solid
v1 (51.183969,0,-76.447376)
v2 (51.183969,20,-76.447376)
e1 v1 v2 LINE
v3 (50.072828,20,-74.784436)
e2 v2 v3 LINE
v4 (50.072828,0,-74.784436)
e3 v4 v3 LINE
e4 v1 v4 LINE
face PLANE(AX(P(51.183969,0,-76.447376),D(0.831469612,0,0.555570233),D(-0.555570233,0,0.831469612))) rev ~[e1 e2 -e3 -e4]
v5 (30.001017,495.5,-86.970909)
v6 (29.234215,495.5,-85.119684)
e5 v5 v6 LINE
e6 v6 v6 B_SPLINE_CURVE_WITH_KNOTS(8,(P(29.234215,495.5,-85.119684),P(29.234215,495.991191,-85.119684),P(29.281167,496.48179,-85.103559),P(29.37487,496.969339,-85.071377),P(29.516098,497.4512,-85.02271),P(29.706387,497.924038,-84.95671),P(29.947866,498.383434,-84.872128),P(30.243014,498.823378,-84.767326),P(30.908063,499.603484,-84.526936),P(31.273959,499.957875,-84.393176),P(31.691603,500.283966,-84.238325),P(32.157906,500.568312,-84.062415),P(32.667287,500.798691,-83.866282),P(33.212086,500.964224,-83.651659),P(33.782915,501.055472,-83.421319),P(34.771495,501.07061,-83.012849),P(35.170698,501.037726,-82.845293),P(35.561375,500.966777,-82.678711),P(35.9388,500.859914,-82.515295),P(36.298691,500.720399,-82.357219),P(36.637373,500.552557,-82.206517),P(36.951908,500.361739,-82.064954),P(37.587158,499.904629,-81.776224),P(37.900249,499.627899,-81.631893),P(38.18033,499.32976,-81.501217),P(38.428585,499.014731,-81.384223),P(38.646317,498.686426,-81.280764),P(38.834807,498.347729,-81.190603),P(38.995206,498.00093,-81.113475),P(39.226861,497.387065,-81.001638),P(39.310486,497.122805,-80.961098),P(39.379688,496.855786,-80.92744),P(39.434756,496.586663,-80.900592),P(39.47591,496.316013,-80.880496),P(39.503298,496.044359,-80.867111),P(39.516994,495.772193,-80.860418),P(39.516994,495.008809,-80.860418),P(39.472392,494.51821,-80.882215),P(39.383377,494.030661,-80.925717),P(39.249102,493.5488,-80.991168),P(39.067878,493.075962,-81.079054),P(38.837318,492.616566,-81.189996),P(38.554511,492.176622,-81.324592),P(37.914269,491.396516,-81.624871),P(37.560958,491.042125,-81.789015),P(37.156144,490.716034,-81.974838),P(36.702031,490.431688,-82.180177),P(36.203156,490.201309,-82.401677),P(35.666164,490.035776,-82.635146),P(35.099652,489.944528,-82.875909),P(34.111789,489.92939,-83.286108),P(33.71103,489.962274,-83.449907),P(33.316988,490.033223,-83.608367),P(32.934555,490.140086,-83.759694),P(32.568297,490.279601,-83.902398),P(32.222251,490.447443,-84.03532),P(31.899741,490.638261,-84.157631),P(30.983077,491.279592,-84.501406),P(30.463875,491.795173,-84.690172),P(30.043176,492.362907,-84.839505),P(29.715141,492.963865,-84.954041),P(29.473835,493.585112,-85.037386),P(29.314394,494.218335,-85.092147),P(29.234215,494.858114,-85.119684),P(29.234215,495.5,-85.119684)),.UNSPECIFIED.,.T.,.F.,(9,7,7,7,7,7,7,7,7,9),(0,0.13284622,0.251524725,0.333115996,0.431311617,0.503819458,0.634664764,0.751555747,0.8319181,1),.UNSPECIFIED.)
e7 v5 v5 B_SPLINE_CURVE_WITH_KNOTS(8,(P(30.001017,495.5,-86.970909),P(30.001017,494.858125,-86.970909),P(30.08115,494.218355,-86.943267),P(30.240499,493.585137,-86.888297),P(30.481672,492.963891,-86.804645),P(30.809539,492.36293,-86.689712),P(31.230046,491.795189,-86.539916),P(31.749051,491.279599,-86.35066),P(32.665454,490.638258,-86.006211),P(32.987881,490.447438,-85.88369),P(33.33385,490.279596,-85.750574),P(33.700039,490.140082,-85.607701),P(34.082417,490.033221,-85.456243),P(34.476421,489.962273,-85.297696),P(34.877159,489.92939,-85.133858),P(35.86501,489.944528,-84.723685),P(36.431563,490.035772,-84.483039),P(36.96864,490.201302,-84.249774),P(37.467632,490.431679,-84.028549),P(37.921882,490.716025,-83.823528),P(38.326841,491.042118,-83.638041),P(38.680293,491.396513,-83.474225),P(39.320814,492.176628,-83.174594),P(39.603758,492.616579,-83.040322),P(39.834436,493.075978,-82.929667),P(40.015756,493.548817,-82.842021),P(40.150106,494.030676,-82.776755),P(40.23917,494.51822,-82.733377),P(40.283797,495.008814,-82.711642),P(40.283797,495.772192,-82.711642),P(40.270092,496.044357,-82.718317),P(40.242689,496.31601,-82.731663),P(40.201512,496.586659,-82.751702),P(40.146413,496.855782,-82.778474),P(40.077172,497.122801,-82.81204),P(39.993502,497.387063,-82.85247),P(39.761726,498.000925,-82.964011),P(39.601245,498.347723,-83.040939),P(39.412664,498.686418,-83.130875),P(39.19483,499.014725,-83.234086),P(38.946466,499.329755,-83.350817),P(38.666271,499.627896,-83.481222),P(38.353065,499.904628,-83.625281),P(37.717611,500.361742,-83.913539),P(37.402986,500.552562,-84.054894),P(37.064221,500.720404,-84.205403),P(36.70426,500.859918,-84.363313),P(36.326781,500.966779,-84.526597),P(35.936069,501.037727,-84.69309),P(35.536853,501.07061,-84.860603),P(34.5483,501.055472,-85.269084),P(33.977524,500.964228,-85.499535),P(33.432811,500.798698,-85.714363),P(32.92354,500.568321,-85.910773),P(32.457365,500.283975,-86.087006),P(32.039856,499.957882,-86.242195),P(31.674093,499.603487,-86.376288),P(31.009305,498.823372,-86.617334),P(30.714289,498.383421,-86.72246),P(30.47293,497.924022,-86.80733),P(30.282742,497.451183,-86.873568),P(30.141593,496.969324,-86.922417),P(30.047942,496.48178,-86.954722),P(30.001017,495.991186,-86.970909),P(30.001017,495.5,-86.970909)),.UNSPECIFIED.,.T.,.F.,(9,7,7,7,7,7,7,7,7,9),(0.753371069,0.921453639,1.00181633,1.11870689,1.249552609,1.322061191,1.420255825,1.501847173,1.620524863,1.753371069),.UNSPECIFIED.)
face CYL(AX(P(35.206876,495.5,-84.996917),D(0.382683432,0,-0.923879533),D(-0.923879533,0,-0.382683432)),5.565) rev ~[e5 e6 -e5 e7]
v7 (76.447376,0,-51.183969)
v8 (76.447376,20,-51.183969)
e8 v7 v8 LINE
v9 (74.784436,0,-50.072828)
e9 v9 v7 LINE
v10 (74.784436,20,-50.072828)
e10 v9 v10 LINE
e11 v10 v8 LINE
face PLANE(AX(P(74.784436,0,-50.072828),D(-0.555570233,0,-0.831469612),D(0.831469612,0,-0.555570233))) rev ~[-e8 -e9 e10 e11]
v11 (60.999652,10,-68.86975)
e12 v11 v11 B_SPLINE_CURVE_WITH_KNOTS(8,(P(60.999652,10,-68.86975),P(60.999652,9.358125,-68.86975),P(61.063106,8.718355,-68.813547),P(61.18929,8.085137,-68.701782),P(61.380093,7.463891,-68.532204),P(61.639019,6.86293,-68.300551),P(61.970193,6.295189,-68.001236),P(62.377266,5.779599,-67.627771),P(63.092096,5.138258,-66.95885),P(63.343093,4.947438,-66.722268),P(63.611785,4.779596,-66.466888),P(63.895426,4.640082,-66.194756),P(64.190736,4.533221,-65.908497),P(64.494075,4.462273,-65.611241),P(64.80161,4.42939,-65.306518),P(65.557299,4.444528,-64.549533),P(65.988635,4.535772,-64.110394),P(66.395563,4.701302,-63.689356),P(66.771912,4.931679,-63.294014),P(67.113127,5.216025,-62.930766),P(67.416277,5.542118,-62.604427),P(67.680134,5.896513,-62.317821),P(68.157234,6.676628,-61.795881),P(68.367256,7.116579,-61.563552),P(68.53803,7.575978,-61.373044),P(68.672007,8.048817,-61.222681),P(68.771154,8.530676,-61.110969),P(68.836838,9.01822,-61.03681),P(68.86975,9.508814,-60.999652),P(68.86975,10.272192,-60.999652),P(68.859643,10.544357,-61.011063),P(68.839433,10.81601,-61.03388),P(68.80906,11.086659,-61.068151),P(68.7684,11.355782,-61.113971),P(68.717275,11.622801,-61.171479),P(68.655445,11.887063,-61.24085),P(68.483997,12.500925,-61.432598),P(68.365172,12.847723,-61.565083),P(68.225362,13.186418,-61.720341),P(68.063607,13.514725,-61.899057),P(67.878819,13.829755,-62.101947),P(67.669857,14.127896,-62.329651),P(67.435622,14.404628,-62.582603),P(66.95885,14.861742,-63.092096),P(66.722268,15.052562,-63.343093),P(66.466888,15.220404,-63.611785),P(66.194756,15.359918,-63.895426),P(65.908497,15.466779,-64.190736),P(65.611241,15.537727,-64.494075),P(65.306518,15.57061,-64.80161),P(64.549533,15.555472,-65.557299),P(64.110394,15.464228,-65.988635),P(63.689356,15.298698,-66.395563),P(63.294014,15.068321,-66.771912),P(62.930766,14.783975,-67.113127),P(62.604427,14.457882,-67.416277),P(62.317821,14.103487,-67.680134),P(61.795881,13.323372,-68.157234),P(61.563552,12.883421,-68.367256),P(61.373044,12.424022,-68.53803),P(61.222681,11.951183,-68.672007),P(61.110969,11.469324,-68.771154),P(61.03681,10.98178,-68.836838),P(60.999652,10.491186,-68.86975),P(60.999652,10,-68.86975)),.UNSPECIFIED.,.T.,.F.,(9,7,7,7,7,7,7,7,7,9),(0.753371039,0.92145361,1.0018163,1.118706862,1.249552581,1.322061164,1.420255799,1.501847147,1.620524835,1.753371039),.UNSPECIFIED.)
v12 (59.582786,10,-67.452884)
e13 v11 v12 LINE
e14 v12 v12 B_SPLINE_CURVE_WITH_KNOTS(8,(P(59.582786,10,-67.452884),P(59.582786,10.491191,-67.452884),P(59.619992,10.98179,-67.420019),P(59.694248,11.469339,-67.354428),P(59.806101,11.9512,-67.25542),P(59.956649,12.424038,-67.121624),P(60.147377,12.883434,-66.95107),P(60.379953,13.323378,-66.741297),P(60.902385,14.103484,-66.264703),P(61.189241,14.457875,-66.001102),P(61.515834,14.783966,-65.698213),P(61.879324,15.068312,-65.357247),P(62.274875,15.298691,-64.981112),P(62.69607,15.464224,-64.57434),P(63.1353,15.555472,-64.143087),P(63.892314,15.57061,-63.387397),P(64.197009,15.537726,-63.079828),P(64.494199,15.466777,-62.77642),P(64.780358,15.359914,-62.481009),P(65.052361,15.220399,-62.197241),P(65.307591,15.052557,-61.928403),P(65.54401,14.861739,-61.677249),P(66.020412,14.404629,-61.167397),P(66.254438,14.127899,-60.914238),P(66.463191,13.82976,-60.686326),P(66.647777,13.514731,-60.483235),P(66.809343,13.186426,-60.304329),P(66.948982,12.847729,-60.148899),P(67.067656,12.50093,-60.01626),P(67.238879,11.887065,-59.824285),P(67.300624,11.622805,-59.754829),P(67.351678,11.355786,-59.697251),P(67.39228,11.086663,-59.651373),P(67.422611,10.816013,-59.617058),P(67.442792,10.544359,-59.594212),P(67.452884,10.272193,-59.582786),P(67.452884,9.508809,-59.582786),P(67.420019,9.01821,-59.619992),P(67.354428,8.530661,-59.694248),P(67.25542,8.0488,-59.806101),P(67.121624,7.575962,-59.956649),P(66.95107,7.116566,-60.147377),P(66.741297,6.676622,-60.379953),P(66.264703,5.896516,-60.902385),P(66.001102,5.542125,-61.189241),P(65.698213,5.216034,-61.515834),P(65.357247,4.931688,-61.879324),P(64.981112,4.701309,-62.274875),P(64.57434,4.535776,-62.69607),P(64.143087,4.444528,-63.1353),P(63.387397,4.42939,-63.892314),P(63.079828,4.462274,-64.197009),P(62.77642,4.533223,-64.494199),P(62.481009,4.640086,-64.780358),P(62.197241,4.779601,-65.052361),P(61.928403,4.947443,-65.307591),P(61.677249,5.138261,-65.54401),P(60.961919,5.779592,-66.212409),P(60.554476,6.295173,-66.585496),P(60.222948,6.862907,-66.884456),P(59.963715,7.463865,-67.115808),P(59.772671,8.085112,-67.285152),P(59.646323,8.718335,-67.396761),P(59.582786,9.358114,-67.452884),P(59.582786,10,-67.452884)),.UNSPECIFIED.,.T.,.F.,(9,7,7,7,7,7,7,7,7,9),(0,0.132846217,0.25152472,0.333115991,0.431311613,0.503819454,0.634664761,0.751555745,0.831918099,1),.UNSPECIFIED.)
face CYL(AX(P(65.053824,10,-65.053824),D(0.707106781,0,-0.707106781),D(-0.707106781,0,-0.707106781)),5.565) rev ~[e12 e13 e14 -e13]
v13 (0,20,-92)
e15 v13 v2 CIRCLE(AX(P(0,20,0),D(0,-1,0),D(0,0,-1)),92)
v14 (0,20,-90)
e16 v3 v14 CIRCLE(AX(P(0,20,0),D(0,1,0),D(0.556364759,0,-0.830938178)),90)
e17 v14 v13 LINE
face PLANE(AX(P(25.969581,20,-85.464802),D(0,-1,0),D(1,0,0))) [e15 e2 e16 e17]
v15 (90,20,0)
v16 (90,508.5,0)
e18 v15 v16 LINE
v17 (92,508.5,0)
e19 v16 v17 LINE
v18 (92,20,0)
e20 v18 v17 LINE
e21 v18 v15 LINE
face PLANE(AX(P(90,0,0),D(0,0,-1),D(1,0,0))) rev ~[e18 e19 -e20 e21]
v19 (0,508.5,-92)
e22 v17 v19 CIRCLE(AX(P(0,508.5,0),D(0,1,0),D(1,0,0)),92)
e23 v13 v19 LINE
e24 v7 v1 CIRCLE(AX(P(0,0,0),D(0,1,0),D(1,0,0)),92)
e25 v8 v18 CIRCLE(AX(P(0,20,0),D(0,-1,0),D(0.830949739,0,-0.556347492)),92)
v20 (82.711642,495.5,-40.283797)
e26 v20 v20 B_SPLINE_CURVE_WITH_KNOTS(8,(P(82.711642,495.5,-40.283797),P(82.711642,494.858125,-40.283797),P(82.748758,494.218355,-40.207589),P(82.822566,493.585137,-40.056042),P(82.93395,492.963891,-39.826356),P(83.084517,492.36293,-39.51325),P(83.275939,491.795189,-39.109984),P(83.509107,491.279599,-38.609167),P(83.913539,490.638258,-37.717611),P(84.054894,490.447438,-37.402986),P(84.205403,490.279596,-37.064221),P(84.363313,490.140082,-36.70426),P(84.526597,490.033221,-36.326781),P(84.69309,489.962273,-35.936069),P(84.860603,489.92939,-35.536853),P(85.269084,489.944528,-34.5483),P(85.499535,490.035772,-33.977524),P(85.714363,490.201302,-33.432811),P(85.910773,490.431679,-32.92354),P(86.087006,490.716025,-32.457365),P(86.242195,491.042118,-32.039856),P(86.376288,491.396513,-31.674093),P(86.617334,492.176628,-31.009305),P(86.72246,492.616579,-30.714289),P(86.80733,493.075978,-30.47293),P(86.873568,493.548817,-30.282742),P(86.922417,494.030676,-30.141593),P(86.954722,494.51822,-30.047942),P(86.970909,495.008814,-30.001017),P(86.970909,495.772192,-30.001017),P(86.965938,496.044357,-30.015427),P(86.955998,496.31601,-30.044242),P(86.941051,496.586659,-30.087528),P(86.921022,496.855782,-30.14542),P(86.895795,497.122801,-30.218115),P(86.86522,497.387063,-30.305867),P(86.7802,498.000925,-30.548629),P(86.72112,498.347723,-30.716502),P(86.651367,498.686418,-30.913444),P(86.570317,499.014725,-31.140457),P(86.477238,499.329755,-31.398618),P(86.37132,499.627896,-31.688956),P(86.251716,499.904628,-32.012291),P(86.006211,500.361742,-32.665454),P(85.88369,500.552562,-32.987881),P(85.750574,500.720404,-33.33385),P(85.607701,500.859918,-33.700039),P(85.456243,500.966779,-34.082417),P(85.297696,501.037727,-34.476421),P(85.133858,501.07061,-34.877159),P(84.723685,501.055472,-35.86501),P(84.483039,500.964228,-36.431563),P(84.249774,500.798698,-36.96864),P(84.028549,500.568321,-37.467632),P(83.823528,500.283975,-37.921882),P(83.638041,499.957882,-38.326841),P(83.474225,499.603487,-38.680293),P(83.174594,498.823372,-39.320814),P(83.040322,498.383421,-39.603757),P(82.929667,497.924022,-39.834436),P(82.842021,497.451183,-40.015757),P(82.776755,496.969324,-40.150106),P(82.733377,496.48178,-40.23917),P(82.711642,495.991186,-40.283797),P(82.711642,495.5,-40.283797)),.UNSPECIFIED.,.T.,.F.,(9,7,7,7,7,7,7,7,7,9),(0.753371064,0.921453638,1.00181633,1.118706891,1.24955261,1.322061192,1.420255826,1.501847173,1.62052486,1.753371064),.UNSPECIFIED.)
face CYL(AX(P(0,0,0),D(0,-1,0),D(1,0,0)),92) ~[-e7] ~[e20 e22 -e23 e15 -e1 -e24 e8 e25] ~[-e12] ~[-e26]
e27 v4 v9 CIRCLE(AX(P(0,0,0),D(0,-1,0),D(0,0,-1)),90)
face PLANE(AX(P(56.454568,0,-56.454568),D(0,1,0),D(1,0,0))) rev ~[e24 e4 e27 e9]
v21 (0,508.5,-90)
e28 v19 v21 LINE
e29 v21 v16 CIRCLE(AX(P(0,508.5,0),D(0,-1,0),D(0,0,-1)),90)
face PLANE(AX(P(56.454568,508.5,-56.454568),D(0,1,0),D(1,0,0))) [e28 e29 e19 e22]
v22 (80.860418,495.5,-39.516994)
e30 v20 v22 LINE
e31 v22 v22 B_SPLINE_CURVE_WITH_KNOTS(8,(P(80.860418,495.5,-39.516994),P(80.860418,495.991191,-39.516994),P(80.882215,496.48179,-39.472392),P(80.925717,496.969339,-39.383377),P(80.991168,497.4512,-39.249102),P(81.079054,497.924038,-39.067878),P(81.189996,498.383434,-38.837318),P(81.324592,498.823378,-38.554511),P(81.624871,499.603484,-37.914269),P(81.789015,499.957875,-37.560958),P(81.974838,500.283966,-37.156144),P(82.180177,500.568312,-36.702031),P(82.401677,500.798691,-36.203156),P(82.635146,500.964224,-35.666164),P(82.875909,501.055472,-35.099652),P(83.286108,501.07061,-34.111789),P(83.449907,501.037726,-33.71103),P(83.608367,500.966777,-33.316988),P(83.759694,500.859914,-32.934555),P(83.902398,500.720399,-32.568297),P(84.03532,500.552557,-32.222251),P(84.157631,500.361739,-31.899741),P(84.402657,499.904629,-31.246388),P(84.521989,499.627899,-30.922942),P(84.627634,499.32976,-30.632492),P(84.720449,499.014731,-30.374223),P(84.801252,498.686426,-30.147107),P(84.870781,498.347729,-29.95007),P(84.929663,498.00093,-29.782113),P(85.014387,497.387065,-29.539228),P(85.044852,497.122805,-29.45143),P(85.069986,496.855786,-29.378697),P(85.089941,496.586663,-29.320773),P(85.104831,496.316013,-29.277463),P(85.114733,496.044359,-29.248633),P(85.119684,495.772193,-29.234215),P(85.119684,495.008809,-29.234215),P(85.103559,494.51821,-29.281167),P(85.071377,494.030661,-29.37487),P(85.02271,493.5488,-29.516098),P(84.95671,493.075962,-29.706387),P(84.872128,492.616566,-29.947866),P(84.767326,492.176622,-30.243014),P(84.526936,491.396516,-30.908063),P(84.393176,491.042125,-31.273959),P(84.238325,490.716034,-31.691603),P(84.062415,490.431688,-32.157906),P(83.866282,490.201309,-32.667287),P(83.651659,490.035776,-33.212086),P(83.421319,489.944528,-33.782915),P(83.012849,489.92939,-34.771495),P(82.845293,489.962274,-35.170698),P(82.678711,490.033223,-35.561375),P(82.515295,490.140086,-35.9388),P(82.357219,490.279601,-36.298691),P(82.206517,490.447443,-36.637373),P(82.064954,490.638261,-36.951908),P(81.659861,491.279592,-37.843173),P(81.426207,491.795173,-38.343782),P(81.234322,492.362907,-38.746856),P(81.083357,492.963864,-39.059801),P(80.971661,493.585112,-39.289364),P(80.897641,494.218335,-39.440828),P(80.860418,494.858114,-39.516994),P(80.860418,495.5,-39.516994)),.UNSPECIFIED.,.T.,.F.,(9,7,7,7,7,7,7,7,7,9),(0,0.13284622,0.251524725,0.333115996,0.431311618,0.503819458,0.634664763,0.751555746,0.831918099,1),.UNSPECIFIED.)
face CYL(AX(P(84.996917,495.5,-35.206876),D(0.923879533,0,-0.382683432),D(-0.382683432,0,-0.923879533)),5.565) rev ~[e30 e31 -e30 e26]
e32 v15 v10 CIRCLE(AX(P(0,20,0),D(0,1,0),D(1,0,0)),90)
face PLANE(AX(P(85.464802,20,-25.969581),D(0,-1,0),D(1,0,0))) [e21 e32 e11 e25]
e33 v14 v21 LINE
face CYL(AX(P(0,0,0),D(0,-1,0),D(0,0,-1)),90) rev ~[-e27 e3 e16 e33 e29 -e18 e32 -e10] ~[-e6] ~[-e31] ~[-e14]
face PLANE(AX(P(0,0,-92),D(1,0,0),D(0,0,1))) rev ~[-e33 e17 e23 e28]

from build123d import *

# Parameters (mm, degrees)
BOSS_EXTRUDE1_DEPTH     = 508.5
CUT_EXTRUDE4_REACH      = 518.756
CUT_EXTRUDE4_END_RADIUS = 90
SKETCH6_R               = 5.565
CUT_EXTRUDE2_REACH      = 520.673
CUT_EXTRUDE2_END_RADIUS = 90
SKETCH3_R               = 5.565
CUT_EXTRUDE3_REACH      = 520.673
CUT_EXTRUDE3_END_RADIUS = 90
SKETCH5_R               = 5.565
LPATTERN2_COUNT         = 2
LPATTERN2_PITCH         = 485.5
CUT_EXTRUDE5_DEPTH      = 20


with BuildPart() as part:
    # Sketch1 → Boss-Extrude1 (new body)
    with BuildSketch(Plane(origin=(0, 0, 0), x_dir=(1, 0, 0), z_dir=(0, 1, 0))):
        with BuildLine():
            Line((0, 92), (0, 90))
            ThreePointArc((0, 90), (63.639610307, 63.639610307), (90, 0))
            Line((90, 0), (92, 0))
            ThreePointArc((92, 0), (65.053823869, 65.053823869), (0, 92))
        make_face()
    extrude(amount=BOSS_EXTRUDE1_DEPTH)

    # Cut-Extrude4: up to this cylinder (the profile starts outside it)
    cut_extrude4_end = Plane(origin=(0, 10, 0), z_dir=(0, -1, 0)) * Cylinder(CUT_EXTRUDE4_END_RADIUS, 1218.512, mode=Mode.PRIVATE)
    # Sketch6 → Cut-Extrude4 (cut, up to the surface)
    with BuildSketch(Plane(origin=(65.053823869, 0, -65.053823869), x_dir=(-0.7071067811865486, 0, -0.7071067811865465), z_dir=(0.7071067811865465, 0, -0.7071067811865486)), mode=Mode.PRIVATE) as cut_extrude4_sk1:
        with Locations((0, 10)):
            Circle(SKETCH6_R)
    cut_extrude4_tool1 = extrude(cut_extrude4_sk1.sketch, amount=-CUT_EXTRUDE4_REACH, mode=Mode.PRIVATE) - cut_extrude4_end
    add(cut_extrude4_tool1.solids().sort_by_distance((65.053824, 10, -65.053824))[0], mode=Mode.SUBTRACT)

    # Cut-Extrude2: up to this cylinder (the profile starts outside it)
    cut_extrude2_end = Plane(origin=(0, 10, 0), z_dir=(0, -1, 0)) * Cylinder(CUT_EXTRUDE2_END_RADIUS, 1222.346, mode=Mode.PRIVATE)
    # Sketch3 → Cut-Extrude2 (cut, up to the surface)
    with BuildSketch(Plane(origin=(84.996916991, 0, -35.206875778), x_dir=(-0.38268343236509045, 0, -0.9238795325112865), z_dir=(0.9238795325112865, 0, -0.38268343236509045)), mode=Mode.PRIVATE) as cut_extrude2_sk1:
        with Locations((0, 10)):
            Circle(SKETCH3_R)
    cut_extrude2_tool1 = extrude(cut_extrude2_sk1.sketch, amount=-CUT_EXTRUDE2_REACH, mode=Mode.PRIVATE) - cut_extrude2_end
    cut_extrude2 = cut_extrude2_tool1.solids().sort_by_distance((84.996917, 10, -35.206876))[0]
    add(cut_extrude2, mode=Mode.SUBTRACT)

    # Cut-Extrude3: up to this cylinder (the profile starts outside it)
    cut_extrude3_end = Plane(origin=(0, 10, 0), z_dir=(0, -1, 0)) * Cylinder(CUT_EXTRUDE3_END_RADIUS, 1222.346, mode=Mode.PRIVATE)
    # Sketch5 → Cut-Extrude3 (cut, up to the surface)
    with BuildSketch(Plane(origin=(35.206875778, 0, -84.996916991), x_dir=(-0.9238795325112878, 0, -0.3826834323650876), z_dir=(0.3826834323650876, 0, -0.9238795325112878)), mode=Mode.PRIVATE) as cut_extrude3_sk1:
        with Locations((0, 10)):
            Circle(SKETCH5_R)
    cut_extrude3_tool1 = extrude(cut_extrude3_sk1.sketch, amount=-CUT_EXTRUDE3_REACH, mode=Mode.PRIVATE) - cut_extrude3_end
    cut_extrude3 = cut_extrude3_tool1.solids().sort_by_distance((35.206876, 10, -84.996917))[0]
    add(cut_extrude3, mode=Mode.SUBTRACT)

    # LPattern2: Cut-Extrude2, Cut-Extrude3 ×2
    with Locations(*[(0, i * LPATTERN2_PITCH, 0) for i in range(1, LPATTERN2_COUNT)]):
        add(cut_extrude2, mode=Mode.SUBTRACT)
        add(cut_extrude3, mode=Mode.SUBTRACT)

    # Sketch7 → Cut-Extrude5 (cut)
    with BuildSketch(Plane.XZ):
        with BuildLine():
            ThreePointArc((90, 0), (86.112133982, -26.166780106), (74.784435976, -50.072828318))
            Line((74.784435976, -50.072828318), (76.447375943, -51.183969281))
            ThreePointArc((76.447375943, -51.183969281), (88.026014867, -26.747349525), (92, 0))
            Line((92, 0), (90, 0))
        make_face()
        with BuildLine():
            Line((51.183969281, -76.447375943), (50.072828318, -74.784435976))
            ThreePointArc((50.072828318, -74.784435976), (26.166780106, -86.112133982), (0, -90))
            Line((0, -90), (0, -92))
            ThreePointArc((0, -92), (26.747349525, -88.026014867), (51.183969281, -76.447375943))
        make_face()
    extrude(amount=-CUT_EXTRUDE5_DEPTH, mode=Mode.SUBTRACT)


solid = part.part
